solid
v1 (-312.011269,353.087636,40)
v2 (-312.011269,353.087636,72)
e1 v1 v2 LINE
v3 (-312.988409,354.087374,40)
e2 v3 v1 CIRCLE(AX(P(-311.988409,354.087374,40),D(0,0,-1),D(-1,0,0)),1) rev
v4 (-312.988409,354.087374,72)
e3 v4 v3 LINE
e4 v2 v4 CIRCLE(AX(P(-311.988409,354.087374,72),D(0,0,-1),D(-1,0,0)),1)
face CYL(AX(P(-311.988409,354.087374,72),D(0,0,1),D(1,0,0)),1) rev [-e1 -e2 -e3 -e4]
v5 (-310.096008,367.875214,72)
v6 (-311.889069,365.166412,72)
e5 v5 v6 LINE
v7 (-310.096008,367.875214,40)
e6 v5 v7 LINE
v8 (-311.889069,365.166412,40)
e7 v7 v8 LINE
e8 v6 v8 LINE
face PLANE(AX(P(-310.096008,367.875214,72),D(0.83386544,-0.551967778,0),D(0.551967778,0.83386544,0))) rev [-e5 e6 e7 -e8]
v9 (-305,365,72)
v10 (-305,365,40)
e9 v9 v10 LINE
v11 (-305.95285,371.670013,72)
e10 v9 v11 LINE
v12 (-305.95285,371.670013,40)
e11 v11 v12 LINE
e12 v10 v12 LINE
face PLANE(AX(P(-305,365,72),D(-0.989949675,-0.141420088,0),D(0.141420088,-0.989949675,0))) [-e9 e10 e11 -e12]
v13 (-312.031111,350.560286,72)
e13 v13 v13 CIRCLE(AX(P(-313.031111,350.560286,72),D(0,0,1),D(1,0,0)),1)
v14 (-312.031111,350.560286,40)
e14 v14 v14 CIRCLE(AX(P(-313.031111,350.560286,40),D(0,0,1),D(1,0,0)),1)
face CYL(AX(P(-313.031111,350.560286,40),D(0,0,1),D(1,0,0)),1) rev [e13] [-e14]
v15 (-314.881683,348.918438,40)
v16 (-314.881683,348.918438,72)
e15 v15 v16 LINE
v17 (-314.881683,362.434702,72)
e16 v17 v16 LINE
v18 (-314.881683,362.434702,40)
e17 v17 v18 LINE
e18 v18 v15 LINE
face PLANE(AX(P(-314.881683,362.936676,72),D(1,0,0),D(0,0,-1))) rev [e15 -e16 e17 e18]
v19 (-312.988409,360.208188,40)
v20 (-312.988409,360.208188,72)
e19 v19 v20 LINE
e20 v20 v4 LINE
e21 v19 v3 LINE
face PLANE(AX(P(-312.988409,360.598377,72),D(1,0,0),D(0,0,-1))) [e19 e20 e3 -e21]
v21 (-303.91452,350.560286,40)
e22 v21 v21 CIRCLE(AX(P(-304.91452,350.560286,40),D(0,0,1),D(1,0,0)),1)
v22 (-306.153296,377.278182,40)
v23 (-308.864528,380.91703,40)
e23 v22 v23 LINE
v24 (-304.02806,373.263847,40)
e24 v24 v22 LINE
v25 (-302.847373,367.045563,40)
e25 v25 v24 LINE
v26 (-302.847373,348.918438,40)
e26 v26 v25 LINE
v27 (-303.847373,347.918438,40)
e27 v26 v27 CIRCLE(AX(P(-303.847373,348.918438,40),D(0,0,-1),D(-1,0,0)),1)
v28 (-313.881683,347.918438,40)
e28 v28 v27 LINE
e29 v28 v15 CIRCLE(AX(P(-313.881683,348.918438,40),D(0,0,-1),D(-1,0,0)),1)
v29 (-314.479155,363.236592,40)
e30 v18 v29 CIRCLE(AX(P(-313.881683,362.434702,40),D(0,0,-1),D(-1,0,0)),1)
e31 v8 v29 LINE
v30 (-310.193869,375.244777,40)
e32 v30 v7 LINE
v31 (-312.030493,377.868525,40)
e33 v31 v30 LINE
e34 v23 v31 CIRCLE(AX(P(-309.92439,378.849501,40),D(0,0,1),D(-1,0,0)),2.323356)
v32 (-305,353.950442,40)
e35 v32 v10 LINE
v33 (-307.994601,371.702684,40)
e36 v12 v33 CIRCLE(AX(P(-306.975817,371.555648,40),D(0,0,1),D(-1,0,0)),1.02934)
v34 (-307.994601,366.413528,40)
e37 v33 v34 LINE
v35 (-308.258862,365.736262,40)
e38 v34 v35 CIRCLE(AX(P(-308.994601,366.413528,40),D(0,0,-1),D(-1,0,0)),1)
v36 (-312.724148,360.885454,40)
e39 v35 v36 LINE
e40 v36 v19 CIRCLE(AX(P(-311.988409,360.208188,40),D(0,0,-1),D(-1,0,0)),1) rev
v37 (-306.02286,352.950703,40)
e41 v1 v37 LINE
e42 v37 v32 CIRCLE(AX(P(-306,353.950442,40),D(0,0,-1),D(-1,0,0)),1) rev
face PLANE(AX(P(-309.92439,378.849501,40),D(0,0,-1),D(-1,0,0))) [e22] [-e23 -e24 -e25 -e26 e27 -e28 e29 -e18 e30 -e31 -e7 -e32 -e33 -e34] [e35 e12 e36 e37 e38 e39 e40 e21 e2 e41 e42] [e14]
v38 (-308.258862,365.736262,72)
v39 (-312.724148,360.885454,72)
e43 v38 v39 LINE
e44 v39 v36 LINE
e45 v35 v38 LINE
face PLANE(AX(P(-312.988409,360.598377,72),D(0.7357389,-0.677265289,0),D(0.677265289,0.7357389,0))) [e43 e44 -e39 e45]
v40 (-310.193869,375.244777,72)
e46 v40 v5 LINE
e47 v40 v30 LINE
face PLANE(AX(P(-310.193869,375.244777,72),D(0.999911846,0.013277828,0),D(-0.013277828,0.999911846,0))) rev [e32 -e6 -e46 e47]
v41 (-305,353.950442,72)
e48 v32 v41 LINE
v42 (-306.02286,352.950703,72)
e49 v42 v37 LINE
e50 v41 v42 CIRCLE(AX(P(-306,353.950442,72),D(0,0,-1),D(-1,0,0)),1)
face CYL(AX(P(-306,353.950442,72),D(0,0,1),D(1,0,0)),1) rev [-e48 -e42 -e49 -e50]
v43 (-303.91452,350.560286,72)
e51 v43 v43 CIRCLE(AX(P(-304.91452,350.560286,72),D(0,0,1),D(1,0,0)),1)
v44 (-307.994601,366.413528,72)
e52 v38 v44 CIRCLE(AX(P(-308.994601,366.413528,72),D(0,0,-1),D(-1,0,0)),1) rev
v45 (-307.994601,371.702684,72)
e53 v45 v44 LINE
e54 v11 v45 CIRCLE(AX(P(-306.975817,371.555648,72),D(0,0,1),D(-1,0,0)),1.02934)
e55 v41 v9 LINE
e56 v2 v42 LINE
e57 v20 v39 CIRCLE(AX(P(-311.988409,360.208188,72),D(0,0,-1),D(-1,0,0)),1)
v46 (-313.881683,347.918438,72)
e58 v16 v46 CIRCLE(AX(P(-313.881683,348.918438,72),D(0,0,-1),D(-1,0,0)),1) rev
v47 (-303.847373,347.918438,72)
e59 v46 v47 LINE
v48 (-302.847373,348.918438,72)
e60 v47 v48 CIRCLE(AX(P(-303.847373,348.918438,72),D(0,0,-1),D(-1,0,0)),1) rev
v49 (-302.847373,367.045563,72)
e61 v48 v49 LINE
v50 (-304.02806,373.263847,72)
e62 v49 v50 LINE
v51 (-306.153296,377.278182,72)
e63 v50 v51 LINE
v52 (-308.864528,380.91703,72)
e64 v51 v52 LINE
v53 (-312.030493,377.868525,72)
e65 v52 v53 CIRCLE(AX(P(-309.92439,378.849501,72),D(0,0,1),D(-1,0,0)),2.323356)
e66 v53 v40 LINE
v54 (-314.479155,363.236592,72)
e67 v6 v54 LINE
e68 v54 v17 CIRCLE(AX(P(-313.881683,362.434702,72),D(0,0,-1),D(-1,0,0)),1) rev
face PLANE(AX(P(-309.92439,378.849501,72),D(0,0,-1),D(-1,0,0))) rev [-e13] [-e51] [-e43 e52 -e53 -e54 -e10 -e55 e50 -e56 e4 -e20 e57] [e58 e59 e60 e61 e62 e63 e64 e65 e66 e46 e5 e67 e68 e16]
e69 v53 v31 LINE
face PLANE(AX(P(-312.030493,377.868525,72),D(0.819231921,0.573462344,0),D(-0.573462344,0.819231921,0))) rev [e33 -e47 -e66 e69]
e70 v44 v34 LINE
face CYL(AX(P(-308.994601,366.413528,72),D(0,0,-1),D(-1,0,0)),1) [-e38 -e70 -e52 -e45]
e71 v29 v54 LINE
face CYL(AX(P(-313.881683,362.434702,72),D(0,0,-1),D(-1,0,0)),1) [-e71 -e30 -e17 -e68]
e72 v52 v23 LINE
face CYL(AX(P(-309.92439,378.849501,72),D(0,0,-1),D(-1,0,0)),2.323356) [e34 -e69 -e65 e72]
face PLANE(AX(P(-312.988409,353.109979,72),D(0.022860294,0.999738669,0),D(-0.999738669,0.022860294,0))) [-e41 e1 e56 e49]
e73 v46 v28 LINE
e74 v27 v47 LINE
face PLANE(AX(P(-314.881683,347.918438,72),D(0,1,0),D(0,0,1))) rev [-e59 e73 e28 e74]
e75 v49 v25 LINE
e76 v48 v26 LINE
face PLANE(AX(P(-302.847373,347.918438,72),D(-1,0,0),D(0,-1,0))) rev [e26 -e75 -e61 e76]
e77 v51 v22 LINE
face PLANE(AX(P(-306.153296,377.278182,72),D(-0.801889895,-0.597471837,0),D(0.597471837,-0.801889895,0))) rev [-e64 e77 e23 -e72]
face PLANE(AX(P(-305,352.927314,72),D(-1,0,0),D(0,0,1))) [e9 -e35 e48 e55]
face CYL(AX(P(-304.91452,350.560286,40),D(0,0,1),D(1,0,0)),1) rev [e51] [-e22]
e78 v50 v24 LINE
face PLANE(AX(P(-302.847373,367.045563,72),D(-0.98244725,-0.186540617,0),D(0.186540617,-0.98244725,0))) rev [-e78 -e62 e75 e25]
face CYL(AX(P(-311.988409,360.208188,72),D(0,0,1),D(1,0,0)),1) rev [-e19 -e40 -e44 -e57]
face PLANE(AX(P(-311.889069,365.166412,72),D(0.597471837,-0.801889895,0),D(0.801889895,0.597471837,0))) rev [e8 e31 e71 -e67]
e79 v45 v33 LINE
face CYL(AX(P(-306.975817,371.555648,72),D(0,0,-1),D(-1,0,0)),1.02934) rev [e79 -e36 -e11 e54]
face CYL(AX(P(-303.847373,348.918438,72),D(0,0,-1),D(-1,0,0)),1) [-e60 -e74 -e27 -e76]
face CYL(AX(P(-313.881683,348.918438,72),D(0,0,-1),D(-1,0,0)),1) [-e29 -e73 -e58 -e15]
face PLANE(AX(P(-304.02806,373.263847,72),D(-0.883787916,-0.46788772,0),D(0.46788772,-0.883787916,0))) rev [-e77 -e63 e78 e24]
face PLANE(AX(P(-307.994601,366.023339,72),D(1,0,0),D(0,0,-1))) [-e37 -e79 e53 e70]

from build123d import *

# Parameters (mm, degrees)
BOSS_EXTRUDE1_DEPTH = 32
FILLET1_R           = 1
SKETCH2_R           = 1
CUT_EXTRUDE1_DEPTH  = 32


with BuildPart() as part:
    # Sketch1 → Boss-Extrude1 (new body)
    with BuildSketch(Plane.XY.offset(40)):
        with BuildLine():
            Line((-312.030492528, 377.868524993), (-310.193868717, 375.244776692))
            Line((-310.193868717, 375.244776692), (-310.096008301, 367.875213623))
            Line((-310.096008301, 367.875213623), (-311.889068604, 365.166412354))
            Line((-311.889068604, 365.166412354), (-314.88168335, 362.936676025))
            Line((-314.88168335, 362.936676025), (-314.88168335, 347.918438133))
            Line((-314.88168335, 347.918438133), (-302.847373473, 347.918438133))
            Line((-302.847373473, 347.918438133), (-302.847373473, 367.04556325))
            Line((-302.847373473, 367.04556325), (-304.028060208, 373.263846724))
            Line((-304.028060208, 373.263846724), (-306.153296332, 377.278181625))
            Line((-306.153296332, 377.278181625), (-308.864528411, 380.917030307))
            ThreePointArc((-308.864528411, 380.917030307), (-311.535911341, 380.523114569), (-312.030492528, 377.868524993))
        make_face()
        with BuildLine():
            Line((-312.988408734, 360.598376943), (-312.988408734, 353.109979303))
            Line((-312.988408734, 353.109979303), (-305, 352.927314193))
            Line((-305, 352.927314193), (-305, 365))
            Line((-305, 365), (-305.952850342, 371.670013428))
            ThreePointArc((-305.952850342, 371.670013428), (-306.959348498, 372.584855641), (-307.99460106, 371.702683918))
            Line((-307.99460106, 371.702683918), (-307.99460106, 366.023339102))
            Line((-307.99460106, 366.023339102), (-312.988408734, 360.598376943))
        make_face(mode=Mode.SUBTRACT)
    extrude(amount=BOSS_EXTRUDE1_DEPTH)

    # Fillet1
    fillet1_edges = [part.edges().sort_by_distance(p)[0] for p in [
        (-302.847373473, 347.918438133, 56),
        (-314.88168335, 347.918438133, 56),
        (-314.88168335, 362.936676025, 56),
        (-307.99460106, 366.023339102, 56),
        (-312.988408734, 360.598376943, 56),
        (-312.988408734, 353.109979303, 56),
        (-305, 352.927314193, 56),
    ]]
    fillet(fillet1_edges, radius=FILLET1_R)

    # Sketch2 → Cut-Extrude1 (cut)
    with BuildSketch(Plane.XY.offset(72)):
        with Locations((-313.031111026, 350.560286037)):
            Circle(SKETCH2_R)
        with Locations((-304.91451991, 350.560286037)):
            Circle(SKETCH2_R)
    extrude(amount=-CUT_EXTRUDE1_DEPTH, mode=Mode.SUBTRACT)


solid = part.part
